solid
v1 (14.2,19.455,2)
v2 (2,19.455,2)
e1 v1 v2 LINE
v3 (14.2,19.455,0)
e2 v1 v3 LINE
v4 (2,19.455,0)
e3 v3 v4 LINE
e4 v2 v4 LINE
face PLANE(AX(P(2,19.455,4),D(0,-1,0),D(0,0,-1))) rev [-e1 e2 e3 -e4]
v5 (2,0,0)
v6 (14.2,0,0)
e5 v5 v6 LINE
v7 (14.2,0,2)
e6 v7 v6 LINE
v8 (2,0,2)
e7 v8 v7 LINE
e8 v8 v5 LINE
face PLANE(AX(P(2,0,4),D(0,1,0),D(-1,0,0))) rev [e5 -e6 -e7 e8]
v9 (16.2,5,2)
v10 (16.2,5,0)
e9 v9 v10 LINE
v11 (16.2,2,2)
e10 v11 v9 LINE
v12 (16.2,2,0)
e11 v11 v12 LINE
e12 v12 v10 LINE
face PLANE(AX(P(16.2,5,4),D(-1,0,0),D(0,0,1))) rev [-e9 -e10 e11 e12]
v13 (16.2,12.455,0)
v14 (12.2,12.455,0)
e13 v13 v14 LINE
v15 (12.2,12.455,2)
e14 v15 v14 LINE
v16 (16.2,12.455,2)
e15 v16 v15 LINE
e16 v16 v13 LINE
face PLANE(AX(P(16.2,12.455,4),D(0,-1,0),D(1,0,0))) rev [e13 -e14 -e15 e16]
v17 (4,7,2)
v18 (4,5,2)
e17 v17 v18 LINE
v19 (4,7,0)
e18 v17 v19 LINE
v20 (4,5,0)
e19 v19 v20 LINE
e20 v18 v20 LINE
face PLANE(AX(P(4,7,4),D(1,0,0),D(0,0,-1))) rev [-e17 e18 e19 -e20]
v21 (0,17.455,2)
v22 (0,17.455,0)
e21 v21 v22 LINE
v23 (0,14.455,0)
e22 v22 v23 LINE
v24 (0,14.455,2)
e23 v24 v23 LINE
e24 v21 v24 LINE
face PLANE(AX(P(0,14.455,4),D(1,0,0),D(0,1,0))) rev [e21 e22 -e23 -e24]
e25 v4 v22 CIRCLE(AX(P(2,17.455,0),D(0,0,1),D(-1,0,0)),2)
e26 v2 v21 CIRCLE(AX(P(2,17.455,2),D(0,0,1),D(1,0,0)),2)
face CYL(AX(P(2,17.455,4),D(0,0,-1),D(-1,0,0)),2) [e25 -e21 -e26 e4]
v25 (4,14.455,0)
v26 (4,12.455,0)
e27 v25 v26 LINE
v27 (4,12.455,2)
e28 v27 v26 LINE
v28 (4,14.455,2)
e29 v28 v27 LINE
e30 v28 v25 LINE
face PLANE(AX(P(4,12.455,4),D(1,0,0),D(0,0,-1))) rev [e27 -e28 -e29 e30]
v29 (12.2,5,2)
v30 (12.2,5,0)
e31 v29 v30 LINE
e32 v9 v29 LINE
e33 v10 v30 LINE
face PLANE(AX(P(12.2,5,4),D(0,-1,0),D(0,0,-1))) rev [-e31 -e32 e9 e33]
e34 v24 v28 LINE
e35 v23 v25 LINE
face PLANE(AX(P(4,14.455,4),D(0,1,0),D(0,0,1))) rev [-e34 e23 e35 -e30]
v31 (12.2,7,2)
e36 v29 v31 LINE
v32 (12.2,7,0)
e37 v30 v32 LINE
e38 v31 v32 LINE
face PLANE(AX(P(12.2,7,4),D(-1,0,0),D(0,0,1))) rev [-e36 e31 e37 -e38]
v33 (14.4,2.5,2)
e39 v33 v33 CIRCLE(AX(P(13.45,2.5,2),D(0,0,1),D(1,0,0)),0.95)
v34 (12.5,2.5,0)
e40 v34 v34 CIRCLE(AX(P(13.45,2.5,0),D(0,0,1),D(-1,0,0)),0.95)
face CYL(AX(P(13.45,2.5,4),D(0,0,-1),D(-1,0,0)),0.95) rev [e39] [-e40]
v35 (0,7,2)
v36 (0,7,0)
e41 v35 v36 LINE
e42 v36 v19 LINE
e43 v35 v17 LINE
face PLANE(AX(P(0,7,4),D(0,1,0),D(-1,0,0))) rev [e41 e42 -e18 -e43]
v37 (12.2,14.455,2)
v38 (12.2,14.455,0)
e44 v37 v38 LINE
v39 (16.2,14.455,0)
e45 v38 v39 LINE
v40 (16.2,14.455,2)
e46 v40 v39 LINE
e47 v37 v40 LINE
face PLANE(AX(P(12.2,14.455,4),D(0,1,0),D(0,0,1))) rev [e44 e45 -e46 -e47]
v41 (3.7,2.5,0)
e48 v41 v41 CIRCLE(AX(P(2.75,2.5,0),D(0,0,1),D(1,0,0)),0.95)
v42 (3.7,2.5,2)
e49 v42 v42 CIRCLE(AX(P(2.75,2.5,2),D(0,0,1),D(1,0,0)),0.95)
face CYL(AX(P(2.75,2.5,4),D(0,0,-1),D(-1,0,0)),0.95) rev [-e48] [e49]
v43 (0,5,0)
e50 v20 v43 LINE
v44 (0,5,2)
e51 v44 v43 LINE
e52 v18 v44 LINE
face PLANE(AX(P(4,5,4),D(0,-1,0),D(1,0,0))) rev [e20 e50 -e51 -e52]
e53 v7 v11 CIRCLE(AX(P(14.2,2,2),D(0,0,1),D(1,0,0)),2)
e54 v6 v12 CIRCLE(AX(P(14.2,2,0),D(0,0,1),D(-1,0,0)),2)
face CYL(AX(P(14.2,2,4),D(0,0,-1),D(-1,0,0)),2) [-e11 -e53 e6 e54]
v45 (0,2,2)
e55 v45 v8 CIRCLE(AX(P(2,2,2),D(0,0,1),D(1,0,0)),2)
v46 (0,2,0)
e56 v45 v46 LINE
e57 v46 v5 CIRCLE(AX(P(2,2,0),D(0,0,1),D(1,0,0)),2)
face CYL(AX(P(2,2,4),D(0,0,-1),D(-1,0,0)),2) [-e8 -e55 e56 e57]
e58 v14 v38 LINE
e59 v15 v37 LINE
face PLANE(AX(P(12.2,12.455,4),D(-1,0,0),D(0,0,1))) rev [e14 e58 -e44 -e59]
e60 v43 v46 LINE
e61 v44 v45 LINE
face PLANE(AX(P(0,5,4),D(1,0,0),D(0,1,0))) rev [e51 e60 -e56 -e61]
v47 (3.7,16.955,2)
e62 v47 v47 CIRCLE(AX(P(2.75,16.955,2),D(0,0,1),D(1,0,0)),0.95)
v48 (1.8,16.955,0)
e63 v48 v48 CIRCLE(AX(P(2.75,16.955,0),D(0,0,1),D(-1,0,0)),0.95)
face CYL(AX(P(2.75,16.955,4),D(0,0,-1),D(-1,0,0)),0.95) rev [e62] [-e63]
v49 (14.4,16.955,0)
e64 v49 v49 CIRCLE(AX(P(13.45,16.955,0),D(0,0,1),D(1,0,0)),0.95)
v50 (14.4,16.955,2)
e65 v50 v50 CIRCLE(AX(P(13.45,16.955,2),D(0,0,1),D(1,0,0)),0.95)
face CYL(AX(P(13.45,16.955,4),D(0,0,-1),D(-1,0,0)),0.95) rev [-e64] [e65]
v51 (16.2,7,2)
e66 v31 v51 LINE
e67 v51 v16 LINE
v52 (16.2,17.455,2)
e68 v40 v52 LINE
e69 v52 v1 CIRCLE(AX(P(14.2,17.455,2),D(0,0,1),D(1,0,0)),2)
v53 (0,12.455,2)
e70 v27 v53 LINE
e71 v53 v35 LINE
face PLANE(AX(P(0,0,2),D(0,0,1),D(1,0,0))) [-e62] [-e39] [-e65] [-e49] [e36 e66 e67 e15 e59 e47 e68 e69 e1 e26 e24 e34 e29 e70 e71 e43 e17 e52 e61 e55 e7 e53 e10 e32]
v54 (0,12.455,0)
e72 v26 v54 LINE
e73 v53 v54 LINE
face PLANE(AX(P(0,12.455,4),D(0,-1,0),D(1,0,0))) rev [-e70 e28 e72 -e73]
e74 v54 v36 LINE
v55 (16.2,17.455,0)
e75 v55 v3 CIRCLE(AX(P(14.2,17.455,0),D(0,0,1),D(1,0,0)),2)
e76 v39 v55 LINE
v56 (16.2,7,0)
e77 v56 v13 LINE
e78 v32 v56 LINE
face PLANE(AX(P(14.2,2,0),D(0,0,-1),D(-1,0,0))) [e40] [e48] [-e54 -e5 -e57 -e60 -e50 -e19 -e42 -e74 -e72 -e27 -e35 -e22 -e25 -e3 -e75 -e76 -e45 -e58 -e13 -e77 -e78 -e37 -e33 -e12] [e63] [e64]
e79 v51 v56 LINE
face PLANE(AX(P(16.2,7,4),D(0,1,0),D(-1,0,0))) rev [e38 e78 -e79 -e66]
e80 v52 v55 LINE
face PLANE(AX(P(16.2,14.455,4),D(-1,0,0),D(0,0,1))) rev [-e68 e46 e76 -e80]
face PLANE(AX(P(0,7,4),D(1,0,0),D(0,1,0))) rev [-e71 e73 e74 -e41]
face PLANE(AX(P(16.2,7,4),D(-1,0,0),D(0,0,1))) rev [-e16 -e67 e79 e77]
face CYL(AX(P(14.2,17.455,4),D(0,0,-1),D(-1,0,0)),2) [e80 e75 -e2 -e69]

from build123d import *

# Parameters (mm, degrees)
SKETCH2_R           = 0.95
BOSS_EXTRUDE1_DEPTH = 4
SKETCH3_W           = 16.2
SKETCH3_H           = 19.455
CUT_EXTRUDE1_DEPTH  = 2


with BuildPart() as part:
    # Sketch2 → Boss-Extrude1 (new body)
    with BuildSketch(Plane.XY):
        with BuildLine():
            Line((0, 7), (0, 12.455))
            Line((0, 12.455), (4, 12.455))
            Line((4, 12.455), (4, 14.455))
            Line((4, 14.455), (0, 14.455))
            Line((0, 14.455), (0, 17.455))
            ThreePointArc((0, 17.455), (0.585786438, 18.869213562), (2, 19.455))
            Line((2, 19.455), (14.2, 19.455))
            ThreePointArc((14.2, 19.455), (15.614213562, 18.869213562), (16.2, 17.455))
            Line((16.2, 17.455), (16.2, 14.455))
            Line((16.2, 14.455), (12.2, 14.455))
            Line((12.2, 14.455), (12.2, 12.455))
            Line((12.2, 12.455), (16.2, 12.455))
            Line((16.2, 12.455), (16.2, 7))
            Line((16.2, 7), (12.2, 7))
            Line((12.2, 7), (12.2, 5))
            Line((12.2, 5), (16.2, 5))
            Line((16.2, 5), (16.2, 2))
            ThreePointArc((16.2, 2), (15.614213562, 0.585786438), (14.2, 0))
            Line((14.2, 0), (2, 0))
            ThreePointArc((2, 0), (0.585786438, 0.585786438), (0, 2))
            Line((0, 2), (0, 5))
            Line((0, 5), (4, 5))
            Line((4, 5), (4, 7))
            Line((4, 7), (0, 7))
        make_face()
        with Locations((13.45, 2.5)):
            Circle(SKETCH2_R, mode=Mode.SUBTRACT)
        with Locations((2.75, 16.955)):
            Circle(SKETCH2_R, mode=Mode.SUBTRACT)
        with Locations((2.75, 2.5)):
            Circle(SKETCH2_R, mode=Mode.SUBTRACT)
        with Locations((13.45, 16.955)):
            Circle(SKETCH2_R, mode=Mode.SUBTRACT)
    extrude(amount=BOSS_EXTRUDE1_DEPTH)

    # Sketch3 → Cut-Extrude1 (cut)
    with BuildSketch(Plane.XY.offset(4)):
        with Locations((8.1, 9.7275)):
            Rectangle(SKETCH3_W, SKETCH3_H)
    extrude(amount=-CUT_EXTRUDE1_DEPTH, mode=Mode.SUBTRACT)


solid = part.part
